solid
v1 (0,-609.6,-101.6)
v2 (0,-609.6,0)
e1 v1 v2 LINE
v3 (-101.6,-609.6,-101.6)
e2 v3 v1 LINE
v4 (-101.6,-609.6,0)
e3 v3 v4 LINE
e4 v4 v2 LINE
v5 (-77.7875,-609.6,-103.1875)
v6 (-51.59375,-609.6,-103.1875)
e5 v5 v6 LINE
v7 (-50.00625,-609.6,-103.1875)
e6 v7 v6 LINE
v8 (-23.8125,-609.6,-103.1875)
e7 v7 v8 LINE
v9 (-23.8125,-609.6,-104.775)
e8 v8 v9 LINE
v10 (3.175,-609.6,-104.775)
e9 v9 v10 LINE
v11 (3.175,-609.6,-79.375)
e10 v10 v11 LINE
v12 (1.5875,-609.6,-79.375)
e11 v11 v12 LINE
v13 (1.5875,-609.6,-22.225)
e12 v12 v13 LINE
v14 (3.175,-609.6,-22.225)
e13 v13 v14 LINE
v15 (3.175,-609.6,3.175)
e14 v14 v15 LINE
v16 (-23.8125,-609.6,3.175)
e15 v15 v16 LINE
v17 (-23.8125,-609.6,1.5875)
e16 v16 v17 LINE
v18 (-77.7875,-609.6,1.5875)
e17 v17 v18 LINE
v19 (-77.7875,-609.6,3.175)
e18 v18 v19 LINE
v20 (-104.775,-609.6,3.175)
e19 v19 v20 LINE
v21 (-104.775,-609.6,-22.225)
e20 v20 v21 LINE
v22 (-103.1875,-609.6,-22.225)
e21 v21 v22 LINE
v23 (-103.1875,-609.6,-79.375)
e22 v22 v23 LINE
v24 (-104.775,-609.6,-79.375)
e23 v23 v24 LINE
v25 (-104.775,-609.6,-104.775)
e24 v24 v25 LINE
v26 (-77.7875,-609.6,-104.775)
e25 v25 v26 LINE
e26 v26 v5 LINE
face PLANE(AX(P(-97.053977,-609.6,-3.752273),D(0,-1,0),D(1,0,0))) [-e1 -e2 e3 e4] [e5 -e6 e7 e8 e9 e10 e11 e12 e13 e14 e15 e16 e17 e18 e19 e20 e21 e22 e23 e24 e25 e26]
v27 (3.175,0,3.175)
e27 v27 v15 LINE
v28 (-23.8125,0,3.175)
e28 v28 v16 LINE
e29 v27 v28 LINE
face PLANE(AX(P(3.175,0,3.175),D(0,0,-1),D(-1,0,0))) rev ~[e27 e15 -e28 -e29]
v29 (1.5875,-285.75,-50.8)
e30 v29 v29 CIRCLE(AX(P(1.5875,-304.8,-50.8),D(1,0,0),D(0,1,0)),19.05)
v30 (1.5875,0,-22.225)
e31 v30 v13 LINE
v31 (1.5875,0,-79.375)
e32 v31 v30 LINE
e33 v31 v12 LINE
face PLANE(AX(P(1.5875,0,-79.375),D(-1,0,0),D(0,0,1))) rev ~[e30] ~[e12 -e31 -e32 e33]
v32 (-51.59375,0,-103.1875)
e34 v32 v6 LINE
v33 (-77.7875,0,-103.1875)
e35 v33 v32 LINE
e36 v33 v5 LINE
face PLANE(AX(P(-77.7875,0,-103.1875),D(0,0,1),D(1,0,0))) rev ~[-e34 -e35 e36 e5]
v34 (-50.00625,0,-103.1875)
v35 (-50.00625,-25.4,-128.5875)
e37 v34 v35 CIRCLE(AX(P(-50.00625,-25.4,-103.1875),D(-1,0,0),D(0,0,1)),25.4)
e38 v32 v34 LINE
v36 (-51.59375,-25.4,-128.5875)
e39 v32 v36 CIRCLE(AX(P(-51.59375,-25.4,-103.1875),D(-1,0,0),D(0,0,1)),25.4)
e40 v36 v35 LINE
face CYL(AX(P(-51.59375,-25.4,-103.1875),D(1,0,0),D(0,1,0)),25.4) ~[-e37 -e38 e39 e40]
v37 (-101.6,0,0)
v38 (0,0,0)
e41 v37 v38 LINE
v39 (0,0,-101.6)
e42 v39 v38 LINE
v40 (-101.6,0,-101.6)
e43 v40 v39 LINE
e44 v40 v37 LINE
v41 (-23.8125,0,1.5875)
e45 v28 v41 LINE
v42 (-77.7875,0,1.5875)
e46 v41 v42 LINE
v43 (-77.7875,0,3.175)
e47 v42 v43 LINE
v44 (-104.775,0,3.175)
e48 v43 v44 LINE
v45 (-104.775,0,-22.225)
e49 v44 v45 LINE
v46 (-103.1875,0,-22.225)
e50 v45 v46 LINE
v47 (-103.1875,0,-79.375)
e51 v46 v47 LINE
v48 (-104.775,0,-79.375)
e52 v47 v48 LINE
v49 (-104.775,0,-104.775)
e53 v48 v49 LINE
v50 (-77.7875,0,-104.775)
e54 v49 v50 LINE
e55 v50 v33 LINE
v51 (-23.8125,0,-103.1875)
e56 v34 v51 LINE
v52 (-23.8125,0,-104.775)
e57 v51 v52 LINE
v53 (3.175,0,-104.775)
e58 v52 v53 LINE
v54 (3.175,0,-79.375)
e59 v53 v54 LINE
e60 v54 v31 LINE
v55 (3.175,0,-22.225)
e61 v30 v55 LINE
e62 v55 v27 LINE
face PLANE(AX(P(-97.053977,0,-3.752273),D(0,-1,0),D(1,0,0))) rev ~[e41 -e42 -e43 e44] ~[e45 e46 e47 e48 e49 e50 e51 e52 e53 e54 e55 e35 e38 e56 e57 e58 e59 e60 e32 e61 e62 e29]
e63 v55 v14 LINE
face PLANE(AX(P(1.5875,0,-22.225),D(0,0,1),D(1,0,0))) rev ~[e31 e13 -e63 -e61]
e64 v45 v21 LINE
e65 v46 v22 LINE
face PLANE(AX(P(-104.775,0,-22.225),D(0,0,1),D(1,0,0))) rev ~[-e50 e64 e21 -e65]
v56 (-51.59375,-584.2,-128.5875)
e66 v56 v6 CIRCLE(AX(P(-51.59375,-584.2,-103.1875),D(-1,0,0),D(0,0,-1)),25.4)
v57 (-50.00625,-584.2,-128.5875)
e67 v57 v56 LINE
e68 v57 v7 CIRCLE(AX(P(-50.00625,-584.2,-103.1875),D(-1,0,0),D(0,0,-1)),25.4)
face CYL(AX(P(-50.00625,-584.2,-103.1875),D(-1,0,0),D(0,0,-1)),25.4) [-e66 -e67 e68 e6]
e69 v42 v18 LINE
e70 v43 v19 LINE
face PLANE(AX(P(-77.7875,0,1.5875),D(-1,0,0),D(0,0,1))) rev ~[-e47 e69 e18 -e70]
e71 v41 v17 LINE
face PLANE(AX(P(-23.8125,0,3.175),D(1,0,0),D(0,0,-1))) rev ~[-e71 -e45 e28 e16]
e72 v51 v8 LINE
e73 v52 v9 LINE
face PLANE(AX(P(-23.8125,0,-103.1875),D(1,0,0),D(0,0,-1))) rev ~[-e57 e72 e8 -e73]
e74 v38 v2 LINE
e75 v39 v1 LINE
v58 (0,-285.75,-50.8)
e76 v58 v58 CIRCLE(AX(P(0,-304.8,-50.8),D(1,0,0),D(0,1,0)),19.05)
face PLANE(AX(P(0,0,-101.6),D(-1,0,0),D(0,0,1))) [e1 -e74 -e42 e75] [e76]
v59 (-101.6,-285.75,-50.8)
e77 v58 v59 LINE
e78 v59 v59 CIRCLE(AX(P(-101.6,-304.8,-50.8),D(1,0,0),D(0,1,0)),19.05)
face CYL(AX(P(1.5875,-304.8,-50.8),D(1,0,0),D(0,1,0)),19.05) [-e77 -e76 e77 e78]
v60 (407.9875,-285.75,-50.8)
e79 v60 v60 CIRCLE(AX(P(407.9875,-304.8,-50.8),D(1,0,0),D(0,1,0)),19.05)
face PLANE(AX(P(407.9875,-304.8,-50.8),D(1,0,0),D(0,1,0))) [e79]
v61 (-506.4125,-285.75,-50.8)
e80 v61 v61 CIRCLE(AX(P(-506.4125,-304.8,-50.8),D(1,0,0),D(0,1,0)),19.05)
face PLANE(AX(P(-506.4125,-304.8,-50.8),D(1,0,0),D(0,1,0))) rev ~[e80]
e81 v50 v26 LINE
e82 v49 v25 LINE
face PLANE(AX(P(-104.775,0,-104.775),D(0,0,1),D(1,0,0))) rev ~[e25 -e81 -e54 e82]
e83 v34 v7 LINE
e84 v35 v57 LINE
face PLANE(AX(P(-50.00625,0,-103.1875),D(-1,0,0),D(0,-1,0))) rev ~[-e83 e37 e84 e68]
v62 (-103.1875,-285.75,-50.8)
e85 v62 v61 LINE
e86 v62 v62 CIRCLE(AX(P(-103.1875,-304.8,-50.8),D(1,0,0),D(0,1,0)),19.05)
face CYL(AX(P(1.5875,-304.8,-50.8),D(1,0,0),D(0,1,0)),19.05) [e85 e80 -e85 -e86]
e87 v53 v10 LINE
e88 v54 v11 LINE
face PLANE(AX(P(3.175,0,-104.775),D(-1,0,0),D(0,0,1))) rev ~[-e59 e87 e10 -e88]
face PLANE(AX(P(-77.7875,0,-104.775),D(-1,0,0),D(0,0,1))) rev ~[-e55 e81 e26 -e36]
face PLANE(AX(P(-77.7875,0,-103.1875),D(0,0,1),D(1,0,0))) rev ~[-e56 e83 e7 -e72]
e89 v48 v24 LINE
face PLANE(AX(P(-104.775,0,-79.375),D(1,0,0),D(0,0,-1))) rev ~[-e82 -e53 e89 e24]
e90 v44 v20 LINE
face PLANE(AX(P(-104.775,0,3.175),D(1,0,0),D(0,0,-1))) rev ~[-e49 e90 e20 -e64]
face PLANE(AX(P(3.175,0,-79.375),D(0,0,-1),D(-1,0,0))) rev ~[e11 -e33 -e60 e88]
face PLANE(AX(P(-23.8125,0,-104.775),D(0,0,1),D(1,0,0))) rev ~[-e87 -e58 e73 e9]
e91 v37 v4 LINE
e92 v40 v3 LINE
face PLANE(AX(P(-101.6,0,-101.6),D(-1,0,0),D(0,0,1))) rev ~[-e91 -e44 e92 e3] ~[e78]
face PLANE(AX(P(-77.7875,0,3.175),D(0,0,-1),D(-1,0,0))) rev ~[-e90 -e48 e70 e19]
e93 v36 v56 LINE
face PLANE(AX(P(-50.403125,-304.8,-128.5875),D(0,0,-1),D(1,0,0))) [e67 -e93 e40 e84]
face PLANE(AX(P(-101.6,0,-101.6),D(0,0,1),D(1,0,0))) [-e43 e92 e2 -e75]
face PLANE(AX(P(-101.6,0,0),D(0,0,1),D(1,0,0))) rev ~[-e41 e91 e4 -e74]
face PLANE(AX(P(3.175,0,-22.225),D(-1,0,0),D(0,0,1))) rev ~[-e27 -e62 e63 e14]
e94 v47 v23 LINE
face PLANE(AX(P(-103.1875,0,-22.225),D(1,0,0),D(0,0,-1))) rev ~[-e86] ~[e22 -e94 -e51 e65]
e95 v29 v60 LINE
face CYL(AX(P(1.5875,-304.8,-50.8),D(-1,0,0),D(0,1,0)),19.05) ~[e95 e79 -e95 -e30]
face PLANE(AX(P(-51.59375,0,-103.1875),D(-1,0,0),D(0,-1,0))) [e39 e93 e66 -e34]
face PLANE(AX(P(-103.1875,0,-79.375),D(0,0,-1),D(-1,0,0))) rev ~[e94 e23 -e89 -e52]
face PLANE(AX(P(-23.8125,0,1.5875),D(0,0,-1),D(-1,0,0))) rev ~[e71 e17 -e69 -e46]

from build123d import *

# Parameters (mm, degrees)
F0_W          = 101.6
F0_H          = 101.6
F1_DEPTH      = 609.6
F2_R          = 19.05
F3_DEPTH      = 406.4
F3_DEPTH_BACK = 508
F4_W          = 0.79375
F4_H          = 609.6
F5_DEPTH      = 25.4
F6_R          = 25.4
F7_R          = 25.4


with BuildPart() as f1:
    # F0 (on Front) → F1 (new body)
    with BuildSketch(Plane.XZ):
        Polygon((-103.1875, -22.225), (-103.1875, 1.5875), (-77.7875, 1.5875), (-77.7875, 3.175), (-104.775, 3.175), (-104.775, -22.225), align=None)
        Polygon((-77.7875, 1.5875), (-103.1875, 1.5875), (-103.1875, -22.225), (-103.1875, -79.375), (-103.1875, -103.1875), (-77.7875, -103.1875), (-23.8125, -103.1875), (1.5875, -103.1875), (1.5875, -79.375), (1.5875, -22.225), (1.5875, 1.5875), (-23.8125, 1.5875), align=None)
        with Locations((-50.8, -50.8)):
            Rectangle(F0_W, F0_H, mode=Mode.SUBTRACT)
        Polygon((-103.1875, -103.1875), (-103.1875, -79.375), (-104.775, -79.375), (-104.775, -104.775), (-77.7875, -104.775), (-77.7875, -103.1875), align=None)
        Polygon((3.175, -79.375), (1.5875, -79.375), (1.5875, -103.1875), (-23.8125, -103.1875), (-23.8125, -104.775), (3.175, -104.775), align=None)
        Polygon((-23.8125, 3.175), (-23.8125, 1.5875), (1.5875, 1.5875), (1.5875, -22.225), (3.175, -22.225), (3.175, 3.175), align=None)
    extrude(amount=F1_DEPTH)

    # F2 (on face) → F3 (join, two sides)
    with BuildSketch(Plane.YZ.offset(1.5875)) as f3_sk:
        with Locations((-304.8, -50.8)):
            Circle(F2_R)
    extrude(amount=F3_DEPTH)
    extrude(f3_sk.sketch, amount=-F3_DEPTH_BACK)

    # F4 (on face) → F5 (join)
    with BuildSketch(Plane(origin=(0, 0, -103.1875), x_dir=(1, 0, 0), z_dir=(0, 0, -1))):
        with Locations((-50.403125, 304.8)):
            Rectangle(F4_W, F4_H)
        with Locations((-51.196875, 304.8)):
            Rectangle(F4_W, F4_H)
    extrude(amount=F5_DEPTH)

    # F6
    f6_edges = [f1.edges().sort_by_distance(p)[0] for p in [
        (-50.8, 0, -128.5875),
    ]]
    fillet(f6_edges, radius=F6_R)

    # F7
    f7_edges = [f1.edges().sort_by_distance(p)[0] for p in [
        (-50.8, -609.6, -128.5875),
    ]]
    fillet(f7_edges, radius=F7_R)


solid = f1.part
